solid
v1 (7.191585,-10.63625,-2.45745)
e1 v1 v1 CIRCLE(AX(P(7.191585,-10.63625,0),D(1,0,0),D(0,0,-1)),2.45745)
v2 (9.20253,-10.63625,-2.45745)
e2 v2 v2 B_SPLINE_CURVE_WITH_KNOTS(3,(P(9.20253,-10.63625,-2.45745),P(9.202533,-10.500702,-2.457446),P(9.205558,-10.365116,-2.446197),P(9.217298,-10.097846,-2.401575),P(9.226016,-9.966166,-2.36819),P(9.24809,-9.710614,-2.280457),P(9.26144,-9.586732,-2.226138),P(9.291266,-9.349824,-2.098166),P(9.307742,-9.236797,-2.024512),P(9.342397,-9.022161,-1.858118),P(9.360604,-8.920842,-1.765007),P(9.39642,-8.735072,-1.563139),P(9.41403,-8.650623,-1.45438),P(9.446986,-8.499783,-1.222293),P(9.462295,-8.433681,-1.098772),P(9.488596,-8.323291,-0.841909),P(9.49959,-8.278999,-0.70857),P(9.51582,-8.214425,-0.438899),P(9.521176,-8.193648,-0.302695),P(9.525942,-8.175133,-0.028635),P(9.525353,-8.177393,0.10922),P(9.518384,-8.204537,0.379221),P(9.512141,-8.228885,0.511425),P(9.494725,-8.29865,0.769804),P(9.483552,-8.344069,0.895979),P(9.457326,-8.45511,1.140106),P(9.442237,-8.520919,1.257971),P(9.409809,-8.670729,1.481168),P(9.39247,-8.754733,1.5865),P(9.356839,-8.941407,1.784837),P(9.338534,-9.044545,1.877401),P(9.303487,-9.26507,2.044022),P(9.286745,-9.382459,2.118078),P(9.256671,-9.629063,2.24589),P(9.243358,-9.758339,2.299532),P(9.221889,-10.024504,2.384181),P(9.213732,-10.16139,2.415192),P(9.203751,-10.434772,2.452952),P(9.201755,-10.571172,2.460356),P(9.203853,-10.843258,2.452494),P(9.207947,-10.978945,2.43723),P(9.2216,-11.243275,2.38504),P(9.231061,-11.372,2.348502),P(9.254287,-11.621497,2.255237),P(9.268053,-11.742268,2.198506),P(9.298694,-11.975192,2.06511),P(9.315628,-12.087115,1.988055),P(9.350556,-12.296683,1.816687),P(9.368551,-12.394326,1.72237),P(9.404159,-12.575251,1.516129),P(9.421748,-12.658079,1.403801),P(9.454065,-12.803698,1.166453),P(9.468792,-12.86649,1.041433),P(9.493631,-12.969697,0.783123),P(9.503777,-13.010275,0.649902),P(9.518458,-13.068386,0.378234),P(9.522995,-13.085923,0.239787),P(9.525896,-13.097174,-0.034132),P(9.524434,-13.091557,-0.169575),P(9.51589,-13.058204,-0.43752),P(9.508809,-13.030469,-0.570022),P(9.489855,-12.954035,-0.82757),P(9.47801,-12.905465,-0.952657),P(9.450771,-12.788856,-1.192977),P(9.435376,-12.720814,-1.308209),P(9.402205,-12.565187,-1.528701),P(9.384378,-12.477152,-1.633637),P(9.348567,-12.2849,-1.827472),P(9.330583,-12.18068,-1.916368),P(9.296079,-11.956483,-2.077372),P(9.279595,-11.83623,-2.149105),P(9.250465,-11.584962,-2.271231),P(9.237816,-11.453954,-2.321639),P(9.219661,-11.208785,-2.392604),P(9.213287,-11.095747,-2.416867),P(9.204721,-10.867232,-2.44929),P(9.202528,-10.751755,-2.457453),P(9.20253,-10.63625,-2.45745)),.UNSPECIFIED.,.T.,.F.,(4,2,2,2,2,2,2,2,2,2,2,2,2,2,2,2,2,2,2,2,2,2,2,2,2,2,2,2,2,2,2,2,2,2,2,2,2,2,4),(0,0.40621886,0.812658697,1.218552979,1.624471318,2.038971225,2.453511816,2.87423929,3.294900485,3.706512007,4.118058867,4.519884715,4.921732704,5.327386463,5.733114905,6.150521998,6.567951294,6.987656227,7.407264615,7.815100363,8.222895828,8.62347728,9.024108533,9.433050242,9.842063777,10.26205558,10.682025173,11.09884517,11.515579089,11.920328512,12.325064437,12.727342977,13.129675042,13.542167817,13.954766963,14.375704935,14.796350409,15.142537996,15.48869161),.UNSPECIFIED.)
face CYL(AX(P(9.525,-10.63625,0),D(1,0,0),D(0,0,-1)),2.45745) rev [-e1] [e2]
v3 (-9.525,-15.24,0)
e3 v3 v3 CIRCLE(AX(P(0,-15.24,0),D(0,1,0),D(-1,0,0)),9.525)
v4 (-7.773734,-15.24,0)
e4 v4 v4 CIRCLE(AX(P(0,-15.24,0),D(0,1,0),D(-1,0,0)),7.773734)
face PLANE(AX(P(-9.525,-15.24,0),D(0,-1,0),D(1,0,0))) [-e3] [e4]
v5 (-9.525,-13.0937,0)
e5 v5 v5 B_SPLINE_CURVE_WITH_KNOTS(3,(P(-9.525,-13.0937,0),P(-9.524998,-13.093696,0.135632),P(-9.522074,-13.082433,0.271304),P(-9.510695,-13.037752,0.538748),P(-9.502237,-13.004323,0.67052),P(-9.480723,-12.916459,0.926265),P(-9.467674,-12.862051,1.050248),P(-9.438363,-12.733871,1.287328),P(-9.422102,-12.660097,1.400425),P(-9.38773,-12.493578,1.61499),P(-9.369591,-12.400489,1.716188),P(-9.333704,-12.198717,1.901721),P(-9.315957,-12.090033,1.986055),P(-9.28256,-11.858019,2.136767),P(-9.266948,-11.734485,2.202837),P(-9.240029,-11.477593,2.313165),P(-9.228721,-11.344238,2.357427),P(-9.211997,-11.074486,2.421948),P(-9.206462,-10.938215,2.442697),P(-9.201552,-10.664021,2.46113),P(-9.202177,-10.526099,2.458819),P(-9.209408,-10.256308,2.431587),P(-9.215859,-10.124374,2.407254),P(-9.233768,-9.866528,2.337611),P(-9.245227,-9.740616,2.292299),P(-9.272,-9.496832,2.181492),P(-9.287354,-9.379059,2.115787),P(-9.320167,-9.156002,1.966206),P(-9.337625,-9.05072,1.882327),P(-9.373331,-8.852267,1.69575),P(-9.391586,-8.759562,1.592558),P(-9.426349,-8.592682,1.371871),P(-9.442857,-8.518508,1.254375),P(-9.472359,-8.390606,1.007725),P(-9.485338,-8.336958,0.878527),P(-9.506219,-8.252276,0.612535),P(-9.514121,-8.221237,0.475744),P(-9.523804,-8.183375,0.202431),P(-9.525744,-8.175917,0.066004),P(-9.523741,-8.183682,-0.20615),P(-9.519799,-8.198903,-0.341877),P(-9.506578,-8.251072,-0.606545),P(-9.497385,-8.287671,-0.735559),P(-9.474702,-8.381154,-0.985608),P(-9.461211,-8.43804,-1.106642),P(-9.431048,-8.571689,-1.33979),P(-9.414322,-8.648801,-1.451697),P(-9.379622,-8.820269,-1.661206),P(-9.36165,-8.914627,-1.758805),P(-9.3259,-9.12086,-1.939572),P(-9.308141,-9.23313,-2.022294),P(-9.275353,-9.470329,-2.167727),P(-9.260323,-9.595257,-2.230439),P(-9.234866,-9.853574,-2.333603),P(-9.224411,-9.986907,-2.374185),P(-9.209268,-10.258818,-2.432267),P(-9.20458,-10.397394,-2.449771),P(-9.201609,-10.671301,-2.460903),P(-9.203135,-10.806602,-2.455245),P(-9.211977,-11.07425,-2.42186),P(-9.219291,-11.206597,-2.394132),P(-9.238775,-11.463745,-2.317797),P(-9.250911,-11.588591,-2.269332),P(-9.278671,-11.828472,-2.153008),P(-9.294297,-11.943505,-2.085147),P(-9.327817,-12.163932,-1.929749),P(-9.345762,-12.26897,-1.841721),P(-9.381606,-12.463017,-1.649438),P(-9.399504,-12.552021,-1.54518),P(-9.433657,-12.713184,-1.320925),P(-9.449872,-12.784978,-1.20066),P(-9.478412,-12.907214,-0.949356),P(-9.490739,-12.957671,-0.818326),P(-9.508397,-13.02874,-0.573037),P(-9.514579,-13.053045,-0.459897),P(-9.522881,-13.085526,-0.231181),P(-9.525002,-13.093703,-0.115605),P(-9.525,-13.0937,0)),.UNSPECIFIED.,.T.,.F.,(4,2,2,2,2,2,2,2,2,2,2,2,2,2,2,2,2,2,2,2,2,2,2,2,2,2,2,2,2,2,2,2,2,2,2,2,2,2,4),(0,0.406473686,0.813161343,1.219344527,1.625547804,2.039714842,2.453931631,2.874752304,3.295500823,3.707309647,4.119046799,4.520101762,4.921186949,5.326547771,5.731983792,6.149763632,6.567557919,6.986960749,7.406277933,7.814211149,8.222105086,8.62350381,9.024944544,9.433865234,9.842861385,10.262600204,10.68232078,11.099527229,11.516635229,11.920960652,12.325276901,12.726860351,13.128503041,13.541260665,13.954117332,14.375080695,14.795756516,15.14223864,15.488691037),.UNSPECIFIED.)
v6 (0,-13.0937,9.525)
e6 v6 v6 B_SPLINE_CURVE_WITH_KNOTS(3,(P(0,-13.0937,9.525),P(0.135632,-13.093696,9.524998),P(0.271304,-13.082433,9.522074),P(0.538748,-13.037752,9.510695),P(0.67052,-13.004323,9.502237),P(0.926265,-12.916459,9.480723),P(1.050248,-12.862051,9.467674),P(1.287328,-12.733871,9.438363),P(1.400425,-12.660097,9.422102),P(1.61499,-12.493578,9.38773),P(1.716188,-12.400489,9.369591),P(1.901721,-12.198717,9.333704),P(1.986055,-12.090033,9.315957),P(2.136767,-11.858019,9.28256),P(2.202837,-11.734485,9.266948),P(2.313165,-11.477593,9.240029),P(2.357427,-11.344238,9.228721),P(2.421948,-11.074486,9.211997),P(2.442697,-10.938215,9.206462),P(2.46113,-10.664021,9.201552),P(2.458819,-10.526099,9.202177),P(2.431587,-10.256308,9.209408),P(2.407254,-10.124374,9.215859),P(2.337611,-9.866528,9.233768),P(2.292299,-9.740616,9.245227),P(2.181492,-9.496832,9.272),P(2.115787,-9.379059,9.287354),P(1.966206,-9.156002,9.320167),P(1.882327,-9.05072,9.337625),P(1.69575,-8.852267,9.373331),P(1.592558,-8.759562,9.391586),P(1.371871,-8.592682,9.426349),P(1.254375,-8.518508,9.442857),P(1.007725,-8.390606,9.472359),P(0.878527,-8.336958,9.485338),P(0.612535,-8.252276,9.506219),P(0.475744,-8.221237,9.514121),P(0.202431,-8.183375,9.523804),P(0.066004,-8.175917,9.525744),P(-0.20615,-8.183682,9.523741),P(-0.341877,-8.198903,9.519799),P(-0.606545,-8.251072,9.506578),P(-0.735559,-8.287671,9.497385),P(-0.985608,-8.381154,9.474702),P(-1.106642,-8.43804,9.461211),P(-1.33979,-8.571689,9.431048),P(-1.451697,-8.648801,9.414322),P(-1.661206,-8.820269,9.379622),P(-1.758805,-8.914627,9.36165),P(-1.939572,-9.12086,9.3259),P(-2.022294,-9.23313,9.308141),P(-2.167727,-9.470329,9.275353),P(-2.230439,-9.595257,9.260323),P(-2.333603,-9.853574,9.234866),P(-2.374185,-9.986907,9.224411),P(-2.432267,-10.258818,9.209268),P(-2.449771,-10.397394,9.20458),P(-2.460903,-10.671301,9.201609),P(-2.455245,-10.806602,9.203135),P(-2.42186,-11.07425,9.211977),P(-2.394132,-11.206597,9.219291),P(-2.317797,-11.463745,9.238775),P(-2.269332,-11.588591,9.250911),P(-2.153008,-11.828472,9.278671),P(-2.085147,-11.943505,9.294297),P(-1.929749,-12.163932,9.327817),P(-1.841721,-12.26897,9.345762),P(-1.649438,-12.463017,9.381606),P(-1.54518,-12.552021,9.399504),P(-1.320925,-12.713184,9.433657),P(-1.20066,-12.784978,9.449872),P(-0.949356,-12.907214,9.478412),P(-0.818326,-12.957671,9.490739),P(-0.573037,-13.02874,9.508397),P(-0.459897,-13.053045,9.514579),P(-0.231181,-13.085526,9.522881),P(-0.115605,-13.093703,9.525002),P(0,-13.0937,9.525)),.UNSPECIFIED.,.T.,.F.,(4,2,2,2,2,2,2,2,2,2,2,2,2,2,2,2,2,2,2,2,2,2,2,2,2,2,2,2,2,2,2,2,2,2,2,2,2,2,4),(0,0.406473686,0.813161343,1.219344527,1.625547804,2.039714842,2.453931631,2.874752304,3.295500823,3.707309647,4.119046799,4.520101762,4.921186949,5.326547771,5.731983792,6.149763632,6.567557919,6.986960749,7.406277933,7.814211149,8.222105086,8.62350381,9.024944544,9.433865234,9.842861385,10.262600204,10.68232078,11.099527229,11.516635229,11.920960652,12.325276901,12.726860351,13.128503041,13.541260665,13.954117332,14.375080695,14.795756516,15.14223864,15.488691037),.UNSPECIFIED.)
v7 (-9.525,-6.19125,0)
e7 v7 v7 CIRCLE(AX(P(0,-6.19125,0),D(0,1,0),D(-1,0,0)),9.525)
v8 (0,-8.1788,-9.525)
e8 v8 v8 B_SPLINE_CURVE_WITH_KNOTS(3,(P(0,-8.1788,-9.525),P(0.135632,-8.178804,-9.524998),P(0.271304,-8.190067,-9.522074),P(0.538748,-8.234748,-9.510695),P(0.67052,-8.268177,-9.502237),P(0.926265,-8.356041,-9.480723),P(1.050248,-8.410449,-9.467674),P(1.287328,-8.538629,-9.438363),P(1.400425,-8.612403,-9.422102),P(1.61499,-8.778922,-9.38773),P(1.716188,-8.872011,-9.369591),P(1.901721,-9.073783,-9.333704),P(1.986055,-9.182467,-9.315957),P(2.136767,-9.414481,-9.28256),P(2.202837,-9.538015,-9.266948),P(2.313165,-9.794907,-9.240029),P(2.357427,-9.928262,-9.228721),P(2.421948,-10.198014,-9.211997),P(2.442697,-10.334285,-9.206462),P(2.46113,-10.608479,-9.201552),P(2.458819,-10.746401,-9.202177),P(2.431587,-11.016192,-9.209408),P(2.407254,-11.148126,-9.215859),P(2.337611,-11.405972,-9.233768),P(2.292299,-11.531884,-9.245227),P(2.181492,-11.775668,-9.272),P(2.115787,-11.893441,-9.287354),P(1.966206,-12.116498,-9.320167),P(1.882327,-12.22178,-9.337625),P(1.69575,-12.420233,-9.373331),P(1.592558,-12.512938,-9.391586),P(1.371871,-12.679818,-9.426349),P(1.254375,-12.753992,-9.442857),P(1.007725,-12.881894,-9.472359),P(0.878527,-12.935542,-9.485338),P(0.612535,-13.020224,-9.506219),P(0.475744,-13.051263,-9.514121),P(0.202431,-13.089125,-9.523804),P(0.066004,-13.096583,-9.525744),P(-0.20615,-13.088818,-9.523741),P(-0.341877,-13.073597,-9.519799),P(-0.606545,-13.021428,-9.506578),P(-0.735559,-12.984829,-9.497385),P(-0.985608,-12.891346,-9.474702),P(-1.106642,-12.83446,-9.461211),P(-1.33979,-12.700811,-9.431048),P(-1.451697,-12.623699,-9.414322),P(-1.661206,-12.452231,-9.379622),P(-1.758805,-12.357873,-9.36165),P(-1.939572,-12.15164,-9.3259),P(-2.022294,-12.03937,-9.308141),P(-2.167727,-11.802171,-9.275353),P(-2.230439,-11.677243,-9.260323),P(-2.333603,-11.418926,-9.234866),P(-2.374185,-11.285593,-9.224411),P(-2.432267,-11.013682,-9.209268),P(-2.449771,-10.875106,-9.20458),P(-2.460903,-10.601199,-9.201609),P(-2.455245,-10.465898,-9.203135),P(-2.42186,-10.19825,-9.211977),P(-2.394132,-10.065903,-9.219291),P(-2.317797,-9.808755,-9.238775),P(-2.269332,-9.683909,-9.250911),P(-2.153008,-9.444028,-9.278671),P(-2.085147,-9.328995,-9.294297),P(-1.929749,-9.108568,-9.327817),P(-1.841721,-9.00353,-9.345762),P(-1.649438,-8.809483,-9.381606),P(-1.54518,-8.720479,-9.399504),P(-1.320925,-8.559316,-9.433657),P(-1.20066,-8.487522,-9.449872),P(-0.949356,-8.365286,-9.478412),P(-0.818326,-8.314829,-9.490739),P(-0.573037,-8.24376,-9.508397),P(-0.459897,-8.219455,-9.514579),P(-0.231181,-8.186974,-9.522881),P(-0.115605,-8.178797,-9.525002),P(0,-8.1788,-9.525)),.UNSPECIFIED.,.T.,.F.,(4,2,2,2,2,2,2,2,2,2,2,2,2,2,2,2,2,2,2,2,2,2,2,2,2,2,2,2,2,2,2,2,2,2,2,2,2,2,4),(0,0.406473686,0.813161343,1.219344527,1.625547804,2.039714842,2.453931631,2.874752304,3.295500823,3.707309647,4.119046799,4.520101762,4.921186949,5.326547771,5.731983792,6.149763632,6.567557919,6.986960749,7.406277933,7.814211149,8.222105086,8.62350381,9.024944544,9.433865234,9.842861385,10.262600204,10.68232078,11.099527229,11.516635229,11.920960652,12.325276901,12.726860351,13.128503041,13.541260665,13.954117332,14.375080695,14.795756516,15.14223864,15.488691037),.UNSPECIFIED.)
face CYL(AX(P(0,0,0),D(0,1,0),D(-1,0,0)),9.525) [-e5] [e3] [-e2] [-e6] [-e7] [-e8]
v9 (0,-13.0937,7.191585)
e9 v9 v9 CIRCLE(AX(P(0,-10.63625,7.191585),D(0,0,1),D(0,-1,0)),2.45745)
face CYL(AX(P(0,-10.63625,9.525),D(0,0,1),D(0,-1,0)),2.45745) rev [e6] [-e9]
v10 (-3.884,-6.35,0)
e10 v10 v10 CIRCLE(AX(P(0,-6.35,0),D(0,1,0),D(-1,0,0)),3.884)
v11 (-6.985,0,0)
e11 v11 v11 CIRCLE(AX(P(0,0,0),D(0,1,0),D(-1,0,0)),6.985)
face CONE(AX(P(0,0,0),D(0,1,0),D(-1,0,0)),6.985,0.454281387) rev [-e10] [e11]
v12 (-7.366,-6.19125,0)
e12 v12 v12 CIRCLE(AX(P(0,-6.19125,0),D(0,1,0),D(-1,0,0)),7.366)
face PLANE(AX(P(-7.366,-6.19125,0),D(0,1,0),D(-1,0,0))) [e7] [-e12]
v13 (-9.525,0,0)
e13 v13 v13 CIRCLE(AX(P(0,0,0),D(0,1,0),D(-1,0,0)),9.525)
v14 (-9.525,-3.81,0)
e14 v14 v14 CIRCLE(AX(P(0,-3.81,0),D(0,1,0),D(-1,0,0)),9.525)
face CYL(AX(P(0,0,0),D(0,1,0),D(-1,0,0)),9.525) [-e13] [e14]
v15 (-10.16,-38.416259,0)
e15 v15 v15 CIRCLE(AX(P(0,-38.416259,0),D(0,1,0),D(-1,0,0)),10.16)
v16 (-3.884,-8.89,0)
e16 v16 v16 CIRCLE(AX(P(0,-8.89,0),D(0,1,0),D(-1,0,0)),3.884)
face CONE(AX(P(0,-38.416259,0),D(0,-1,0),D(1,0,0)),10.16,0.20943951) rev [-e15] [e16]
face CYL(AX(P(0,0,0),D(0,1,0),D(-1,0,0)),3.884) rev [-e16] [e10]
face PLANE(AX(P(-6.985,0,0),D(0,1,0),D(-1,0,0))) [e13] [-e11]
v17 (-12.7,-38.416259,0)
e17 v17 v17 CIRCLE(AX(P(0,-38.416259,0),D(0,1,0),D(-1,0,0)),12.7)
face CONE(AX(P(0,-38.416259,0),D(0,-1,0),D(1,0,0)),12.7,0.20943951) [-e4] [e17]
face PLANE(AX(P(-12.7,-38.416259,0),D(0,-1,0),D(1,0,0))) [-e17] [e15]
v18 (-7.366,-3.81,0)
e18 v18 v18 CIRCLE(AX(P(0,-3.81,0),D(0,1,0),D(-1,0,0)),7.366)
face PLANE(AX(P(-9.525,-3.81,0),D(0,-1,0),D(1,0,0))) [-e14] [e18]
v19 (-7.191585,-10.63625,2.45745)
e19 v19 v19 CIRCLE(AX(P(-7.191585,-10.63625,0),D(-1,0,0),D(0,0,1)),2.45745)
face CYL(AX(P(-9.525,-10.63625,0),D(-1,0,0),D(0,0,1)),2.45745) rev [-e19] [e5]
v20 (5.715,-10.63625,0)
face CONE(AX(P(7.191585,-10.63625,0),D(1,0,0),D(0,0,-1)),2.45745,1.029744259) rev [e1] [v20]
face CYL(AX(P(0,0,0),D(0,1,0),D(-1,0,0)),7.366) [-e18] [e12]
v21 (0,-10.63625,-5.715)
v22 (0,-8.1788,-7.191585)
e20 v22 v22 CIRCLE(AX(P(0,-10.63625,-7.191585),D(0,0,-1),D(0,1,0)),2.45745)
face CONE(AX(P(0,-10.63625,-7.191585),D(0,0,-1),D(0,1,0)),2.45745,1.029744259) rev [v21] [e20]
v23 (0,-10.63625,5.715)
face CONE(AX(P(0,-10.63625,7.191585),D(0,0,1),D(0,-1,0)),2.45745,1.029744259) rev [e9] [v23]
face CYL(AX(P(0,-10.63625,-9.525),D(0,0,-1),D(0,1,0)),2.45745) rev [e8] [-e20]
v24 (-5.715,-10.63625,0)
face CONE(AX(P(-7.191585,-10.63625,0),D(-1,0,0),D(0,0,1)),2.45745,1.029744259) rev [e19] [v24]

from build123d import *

# Parameters (mm, degrees)
CIRPATTERN1_COUNT = 4


with BuildPart() as part:
    # Sketch1 → Body (revolve)
    with BuildSketch(Plane.XY):
        Polygon((-12.7, -38.416258567), (-10.16, -38.416258567), (-3.884, -8.89), (-3.884, -6.35), (-6.985, 0), (-9.525, 0), (-9.525, -3.81), (-7.366, -3.81), (-7.366, -6.19125), (-9.525, -6.19125), (-9.525, -15.24), (-7.773734167, -15.24), align=None)
    revolve(axis=Axis((0, 0, 0), (0, -1, 0)))

    # Sketch4 → SetScrew (revolve, cut)
    with BuildSketch(Plane(origin=(-9.525, -10.63625, 0), x_dir=(0, 0, 1), z_dir=(0, 1, 0))):
        Polygon((0, 0), (0, 3.81), (2.45745, 2.333415072), (2.45745, 0), align=None)
    setscrew = revolve(axis=Axis((-15.875, -10.63625, 0), (1, 0, 0)), mode=Mode.SUBTRACT)

    # CirPattern1: SetScrew ×4 about axis
    cirpattern1_axis = Axis((0, 0, 0), (0, 1, 0))
    for i in range(1, CIRPATTERN1_COUNT):
        add(setscrew.rotate(cirpattern1_axis, i * 360 / CIRPATTERN1_COUNT), mode=Mode.SUBTRACT)


solid = part.part
